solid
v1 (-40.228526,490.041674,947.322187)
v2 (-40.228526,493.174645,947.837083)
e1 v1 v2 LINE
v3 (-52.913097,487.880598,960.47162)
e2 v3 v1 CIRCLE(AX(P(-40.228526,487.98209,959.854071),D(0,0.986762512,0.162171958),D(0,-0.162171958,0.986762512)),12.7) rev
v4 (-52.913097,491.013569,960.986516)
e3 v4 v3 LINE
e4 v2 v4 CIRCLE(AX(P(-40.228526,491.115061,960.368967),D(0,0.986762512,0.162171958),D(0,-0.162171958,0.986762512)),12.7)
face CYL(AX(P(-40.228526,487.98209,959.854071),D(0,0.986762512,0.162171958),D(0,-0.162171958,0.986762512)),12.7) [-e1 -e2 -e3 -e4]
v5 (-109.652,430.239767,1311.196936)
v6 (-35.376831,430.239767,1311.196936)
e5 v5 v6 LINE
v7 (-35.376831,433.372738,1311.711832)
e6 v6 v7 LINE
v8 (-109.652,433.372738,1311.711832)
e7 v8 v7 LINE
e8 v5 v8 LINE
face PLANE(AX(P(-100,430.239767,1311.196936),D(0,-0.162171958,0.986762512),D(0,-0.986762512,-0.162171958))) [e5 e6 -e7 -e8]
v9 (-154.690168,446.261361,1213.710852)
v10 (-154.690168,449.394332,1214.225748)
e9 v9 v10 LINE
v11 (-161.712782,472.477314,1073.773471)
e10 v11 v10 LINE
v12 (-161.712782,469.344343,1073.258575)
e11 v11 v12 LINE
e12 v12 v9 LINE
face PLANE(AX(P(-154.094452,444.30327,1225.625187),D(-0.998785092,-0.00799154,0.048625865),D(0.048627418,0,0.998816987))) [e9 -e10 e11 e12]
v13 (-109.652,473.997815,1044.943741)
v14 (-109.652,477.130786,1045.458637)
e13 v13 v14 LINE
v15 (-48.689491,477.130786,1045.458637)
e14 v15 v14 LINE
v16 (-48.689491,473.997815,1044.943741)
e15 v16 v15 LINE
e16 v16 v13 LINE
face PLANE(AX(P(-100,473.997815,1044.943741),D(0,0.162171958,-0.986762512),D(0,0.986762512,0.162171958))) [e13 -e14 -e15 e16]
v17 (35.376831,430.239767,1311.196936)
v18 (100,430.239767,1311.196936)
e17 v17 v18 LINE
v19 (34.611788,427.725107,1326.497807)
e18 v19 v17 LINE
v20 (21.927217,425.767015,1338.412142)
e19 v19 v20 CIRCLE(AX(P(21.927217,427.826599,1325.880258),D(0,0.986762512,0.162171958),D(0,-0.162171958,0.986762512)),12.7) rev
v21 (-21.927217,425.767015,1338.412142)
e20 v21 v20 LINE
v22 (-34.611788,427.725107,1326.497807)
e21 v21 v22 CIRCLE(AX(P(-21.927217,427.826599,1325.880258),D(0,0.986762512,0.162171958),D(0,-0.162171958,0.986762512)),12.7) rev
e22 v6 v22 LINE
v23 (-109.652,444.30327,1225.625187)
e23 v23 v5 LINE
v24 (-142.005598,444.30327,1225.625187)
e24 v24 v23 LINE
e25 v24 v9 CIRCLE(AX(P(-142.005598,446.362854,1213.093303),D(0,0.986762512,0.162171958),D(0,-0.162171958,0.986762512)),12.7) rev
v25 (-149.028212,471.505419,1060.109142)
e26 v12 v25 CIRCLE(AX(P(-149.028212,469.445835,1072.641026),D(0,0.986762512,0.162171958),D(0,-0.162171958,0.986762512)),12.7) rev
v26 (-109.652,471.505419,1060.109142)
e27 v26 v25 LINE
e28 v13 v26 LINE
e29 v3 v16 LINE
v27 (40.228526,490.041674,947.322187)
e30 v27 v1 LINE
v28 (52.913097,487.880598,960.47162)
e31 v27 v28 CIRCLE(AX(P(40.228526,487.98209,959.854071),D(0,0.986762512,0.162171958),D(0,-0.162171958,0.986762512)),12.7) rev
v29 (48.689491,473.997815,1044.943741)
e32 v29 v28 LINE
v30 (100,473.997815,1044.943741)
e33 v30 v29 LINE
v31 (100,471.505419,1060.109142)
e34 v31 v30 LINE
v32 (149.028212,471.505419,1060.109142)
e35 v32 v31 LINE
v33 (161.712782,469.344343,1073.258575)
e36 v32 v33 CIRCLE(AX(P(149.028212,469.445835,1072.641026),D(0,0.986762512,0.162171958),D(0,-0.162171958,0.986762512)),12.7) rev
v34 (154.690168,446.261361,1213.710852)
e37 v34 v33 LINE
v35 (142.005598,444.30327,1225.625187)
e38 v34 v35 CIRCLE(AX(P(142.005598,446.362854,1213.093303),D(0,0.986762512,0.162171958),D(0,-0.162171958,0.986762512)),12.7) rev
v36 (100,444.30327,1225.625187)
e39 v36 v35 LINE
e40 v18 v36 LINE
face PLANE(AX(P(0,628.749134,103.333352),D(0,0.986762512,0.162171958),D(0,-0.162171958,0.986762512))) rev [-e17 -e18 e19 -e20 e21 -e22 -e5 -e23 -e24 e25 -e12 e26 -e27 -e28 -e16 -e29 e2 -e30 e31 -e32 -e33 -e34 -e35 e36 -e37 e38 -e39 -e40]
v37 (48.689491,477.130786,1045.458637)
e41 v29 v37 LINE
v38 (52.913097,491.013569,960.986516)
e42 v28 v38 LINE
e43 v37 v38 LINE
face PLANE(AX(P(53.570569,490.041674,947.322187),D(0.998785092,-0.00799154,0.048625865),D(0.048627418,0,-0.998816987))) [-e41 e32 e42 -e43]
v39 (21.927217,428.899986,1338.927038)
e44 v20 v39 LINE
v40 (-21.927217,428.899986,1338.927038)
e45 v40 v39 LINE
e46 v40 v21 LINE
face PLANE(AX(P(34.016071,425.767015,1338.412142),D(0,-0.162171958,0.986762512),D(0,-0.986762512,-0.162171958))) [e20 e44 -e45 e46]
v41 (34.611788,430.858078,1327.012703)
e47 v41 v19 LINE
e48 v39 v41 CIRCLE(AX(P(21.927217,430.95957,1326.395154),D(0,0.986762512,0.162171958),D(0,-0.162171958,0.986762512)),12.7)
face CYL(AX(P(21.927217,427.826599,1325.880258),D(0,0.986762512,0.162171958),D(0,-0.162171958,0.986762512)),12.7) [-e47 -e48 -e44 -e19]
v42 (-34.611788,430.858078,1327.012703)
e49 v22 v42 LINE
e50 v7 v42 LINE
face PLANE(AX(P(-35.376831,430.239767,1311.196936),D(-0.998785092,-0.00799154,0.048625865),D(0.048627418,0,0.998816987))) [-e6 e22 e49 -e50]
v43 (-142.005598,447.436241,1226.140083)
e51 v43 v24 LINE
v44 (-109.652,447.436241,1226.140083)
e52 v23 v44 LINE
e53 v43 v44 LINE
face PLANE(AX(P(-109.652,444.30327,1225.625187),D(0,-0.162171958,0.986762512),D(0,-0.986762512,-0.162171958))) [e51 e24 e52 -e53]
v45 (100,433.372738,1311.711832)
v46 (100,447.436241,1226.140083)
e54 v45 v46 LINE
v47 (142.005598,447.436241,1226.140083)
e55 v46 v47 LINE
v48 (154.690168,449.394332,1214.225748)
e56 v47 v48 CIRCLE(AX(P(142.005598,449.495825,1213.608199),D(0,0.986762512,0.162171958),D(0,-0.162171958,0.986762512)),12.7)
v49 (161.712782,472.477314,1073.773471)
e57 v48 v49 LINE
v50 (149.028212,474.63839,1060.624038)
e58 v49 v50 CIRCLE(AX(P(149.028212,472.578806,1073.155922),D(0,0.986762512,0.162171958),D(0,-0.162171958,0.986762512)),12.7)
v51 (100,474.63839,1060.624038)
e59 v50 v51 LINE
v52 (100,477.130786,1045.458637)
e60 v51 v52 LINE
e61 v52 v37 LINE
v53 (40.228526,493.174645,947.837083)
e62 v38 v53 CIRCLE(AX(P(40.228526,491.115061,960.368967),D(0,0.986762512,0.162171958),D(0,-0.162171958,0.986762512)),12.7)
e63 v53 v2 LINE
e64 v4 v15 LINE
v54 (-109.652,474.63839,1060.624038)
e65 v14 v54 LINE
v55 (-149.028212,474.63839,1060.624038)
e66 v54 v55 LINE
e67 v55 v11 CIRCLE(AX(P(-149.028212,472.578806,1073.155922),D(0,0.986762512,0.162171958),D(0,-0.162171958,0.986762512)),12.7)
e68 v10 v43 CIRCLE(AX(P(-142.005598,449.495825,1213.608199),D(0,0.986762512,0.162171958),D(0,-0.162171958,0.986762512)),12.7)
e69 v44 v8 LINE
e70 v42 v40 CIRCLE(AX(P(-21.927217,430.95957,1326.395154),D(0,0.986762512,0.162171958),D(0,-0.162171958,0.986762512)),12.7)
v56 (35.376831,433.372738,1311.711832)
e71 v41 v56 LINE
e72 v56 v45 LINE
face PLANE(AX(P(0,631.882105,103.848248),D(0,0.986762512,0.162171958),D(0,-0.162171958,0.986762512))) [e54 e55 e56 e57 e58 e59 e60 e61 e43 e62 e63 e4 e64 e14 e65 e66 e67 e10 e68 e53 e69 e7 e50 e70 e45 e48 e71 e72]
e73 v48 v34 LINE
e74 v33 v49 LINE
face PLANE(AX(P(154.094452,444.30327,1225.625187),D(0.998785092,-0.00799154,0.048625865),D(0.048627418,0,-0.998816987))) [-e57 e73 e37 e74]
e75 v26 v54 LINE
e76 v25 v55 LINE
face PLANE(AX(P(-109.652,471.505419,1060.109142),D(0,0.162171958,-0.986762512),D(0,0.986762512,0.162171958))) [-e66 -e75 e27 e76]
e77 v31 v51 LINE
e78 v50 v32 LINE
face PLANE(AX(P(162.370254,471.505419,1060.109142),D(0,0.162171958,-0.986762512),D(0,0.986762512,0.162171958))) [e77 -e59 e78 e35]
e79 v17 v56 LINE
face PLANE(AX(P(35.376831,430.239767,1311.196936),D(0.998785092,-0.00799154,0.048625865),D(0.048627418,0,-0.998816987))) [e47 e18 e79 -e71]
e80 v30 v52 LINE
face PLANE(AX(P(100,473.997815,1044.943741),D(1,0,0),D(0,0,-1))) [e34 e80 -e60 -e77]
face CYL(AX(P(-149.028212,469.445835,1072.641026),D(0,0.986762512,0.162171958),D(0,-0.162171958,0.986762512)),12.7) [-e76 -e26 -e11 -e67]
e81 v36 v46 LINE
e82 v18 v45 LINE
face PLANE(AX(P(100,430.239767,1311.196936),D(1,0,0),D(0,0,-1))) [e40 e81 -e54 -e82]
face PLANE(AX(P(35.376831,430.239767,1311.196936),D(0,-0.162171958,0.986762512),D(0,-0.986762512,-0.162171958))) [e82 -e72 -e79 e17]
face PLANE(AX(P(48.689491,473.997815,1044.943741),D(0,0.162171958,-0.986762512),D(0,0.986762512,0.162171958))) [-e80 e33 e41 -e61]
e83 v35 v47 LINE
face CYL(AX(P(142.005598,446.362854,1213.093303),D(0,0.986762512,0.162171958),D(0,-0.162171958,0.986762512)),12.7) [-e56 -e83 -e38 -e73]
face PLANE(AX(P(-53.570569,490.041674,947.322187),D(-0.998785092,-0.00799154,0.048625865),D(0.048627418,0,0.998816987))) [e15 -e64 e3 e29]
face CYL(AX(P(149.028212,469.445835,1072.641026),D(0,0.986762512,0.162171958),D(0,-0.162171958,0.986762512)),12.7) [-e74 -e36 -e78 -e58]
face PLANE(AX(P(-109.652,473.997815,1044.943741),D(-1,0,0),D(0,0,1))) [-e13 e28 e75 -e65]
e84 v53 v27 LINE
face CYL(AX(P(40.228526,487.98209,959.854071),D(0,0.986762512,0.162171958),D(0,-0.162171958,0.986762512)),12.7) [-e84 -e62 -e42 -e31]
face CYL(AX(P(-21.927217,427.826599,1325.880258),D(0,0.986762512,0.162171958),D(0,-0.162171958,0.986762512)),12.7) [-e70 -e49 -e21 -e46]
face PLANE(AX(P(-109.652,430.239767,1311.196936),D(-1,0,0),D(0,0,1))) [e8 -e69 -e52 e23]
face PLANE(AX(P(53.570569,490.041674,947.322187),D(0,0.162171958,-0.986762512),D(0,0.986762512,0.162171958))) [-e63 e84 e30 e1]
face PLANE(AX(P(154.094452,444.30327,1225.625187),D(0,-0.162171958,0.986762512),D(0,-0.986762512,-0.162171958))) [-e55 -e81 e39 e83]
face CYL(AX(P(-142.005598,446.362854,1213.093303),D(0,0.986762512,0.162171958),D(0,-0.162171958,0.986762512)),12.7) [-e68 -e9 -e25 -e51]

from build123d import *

# Parameters (mm, degrees)
BOSS_EXTRUDE1_DEPTH = 3.175
FILLET1_R           = 12.7


with BuildPart() as part:
    # Sketch2 → Boss-Extrude1 (new body)
    with BuildSketch(Plane(origin=(0, 631.882105473, 103.848248331), x_dir=(1, 0, 0), z_dir=(0, 0.9867625124381899, 0.16217195826243017))):
        Polygon((100, -1224.067157157), (100, -1137.347457675), (154.094451659, -1137.347457675), (162.370253897, -969.61100369), (100, -969.61100369), (100, -954.242157057), (48.689491118, -954.242157057), (53.570568791, -855.31100369), (-53.570568791, -855.31100369), (-48.689491118, -954.242157057), (-100, -954.242157057), (-109.652, -954.242157057), (-109.652, -969.61100369), (-162.370253897, -969.61100369), (-154.094451659, -1137.347457675), (-109.652, -1137.347457675), (-109.652, -1224.067157157), (-100, -1224.067157157), (-35.376831367, -1224.067157157), (-34.016071035, -1251.647457675), (34.016071035, -1251.647457675), (35.376831367, -1224.067157157), align=None)
    extrude(amount=-BOSS_EXTRUDE1_DEPTH)

    # Fillet1
    fillet1_edges = [part.edges().sort_by_distance(p)[0] for p in [
        (34.016071035, 427.333500719, 1338.66959037),
        (-34.016071035, 427.333500719, 1338.66959037),
        (-154.094451659, 445.869755548, 1225.882635198),
        (-162.370253897, 473.071904763, 1060.366590436),
        (-53.570568791, 491.608159593, 947.579635264),
        (53.570568791, 491.608159593, 947.579635264),
        (162.370253897, 473.071904763, 1060.366590436),
        (154.094451659, 445.869755548, 1225.882635198),
    ]]
    fillet(fillet1_edges, radius=FILLET1_R)


solid = part.part
